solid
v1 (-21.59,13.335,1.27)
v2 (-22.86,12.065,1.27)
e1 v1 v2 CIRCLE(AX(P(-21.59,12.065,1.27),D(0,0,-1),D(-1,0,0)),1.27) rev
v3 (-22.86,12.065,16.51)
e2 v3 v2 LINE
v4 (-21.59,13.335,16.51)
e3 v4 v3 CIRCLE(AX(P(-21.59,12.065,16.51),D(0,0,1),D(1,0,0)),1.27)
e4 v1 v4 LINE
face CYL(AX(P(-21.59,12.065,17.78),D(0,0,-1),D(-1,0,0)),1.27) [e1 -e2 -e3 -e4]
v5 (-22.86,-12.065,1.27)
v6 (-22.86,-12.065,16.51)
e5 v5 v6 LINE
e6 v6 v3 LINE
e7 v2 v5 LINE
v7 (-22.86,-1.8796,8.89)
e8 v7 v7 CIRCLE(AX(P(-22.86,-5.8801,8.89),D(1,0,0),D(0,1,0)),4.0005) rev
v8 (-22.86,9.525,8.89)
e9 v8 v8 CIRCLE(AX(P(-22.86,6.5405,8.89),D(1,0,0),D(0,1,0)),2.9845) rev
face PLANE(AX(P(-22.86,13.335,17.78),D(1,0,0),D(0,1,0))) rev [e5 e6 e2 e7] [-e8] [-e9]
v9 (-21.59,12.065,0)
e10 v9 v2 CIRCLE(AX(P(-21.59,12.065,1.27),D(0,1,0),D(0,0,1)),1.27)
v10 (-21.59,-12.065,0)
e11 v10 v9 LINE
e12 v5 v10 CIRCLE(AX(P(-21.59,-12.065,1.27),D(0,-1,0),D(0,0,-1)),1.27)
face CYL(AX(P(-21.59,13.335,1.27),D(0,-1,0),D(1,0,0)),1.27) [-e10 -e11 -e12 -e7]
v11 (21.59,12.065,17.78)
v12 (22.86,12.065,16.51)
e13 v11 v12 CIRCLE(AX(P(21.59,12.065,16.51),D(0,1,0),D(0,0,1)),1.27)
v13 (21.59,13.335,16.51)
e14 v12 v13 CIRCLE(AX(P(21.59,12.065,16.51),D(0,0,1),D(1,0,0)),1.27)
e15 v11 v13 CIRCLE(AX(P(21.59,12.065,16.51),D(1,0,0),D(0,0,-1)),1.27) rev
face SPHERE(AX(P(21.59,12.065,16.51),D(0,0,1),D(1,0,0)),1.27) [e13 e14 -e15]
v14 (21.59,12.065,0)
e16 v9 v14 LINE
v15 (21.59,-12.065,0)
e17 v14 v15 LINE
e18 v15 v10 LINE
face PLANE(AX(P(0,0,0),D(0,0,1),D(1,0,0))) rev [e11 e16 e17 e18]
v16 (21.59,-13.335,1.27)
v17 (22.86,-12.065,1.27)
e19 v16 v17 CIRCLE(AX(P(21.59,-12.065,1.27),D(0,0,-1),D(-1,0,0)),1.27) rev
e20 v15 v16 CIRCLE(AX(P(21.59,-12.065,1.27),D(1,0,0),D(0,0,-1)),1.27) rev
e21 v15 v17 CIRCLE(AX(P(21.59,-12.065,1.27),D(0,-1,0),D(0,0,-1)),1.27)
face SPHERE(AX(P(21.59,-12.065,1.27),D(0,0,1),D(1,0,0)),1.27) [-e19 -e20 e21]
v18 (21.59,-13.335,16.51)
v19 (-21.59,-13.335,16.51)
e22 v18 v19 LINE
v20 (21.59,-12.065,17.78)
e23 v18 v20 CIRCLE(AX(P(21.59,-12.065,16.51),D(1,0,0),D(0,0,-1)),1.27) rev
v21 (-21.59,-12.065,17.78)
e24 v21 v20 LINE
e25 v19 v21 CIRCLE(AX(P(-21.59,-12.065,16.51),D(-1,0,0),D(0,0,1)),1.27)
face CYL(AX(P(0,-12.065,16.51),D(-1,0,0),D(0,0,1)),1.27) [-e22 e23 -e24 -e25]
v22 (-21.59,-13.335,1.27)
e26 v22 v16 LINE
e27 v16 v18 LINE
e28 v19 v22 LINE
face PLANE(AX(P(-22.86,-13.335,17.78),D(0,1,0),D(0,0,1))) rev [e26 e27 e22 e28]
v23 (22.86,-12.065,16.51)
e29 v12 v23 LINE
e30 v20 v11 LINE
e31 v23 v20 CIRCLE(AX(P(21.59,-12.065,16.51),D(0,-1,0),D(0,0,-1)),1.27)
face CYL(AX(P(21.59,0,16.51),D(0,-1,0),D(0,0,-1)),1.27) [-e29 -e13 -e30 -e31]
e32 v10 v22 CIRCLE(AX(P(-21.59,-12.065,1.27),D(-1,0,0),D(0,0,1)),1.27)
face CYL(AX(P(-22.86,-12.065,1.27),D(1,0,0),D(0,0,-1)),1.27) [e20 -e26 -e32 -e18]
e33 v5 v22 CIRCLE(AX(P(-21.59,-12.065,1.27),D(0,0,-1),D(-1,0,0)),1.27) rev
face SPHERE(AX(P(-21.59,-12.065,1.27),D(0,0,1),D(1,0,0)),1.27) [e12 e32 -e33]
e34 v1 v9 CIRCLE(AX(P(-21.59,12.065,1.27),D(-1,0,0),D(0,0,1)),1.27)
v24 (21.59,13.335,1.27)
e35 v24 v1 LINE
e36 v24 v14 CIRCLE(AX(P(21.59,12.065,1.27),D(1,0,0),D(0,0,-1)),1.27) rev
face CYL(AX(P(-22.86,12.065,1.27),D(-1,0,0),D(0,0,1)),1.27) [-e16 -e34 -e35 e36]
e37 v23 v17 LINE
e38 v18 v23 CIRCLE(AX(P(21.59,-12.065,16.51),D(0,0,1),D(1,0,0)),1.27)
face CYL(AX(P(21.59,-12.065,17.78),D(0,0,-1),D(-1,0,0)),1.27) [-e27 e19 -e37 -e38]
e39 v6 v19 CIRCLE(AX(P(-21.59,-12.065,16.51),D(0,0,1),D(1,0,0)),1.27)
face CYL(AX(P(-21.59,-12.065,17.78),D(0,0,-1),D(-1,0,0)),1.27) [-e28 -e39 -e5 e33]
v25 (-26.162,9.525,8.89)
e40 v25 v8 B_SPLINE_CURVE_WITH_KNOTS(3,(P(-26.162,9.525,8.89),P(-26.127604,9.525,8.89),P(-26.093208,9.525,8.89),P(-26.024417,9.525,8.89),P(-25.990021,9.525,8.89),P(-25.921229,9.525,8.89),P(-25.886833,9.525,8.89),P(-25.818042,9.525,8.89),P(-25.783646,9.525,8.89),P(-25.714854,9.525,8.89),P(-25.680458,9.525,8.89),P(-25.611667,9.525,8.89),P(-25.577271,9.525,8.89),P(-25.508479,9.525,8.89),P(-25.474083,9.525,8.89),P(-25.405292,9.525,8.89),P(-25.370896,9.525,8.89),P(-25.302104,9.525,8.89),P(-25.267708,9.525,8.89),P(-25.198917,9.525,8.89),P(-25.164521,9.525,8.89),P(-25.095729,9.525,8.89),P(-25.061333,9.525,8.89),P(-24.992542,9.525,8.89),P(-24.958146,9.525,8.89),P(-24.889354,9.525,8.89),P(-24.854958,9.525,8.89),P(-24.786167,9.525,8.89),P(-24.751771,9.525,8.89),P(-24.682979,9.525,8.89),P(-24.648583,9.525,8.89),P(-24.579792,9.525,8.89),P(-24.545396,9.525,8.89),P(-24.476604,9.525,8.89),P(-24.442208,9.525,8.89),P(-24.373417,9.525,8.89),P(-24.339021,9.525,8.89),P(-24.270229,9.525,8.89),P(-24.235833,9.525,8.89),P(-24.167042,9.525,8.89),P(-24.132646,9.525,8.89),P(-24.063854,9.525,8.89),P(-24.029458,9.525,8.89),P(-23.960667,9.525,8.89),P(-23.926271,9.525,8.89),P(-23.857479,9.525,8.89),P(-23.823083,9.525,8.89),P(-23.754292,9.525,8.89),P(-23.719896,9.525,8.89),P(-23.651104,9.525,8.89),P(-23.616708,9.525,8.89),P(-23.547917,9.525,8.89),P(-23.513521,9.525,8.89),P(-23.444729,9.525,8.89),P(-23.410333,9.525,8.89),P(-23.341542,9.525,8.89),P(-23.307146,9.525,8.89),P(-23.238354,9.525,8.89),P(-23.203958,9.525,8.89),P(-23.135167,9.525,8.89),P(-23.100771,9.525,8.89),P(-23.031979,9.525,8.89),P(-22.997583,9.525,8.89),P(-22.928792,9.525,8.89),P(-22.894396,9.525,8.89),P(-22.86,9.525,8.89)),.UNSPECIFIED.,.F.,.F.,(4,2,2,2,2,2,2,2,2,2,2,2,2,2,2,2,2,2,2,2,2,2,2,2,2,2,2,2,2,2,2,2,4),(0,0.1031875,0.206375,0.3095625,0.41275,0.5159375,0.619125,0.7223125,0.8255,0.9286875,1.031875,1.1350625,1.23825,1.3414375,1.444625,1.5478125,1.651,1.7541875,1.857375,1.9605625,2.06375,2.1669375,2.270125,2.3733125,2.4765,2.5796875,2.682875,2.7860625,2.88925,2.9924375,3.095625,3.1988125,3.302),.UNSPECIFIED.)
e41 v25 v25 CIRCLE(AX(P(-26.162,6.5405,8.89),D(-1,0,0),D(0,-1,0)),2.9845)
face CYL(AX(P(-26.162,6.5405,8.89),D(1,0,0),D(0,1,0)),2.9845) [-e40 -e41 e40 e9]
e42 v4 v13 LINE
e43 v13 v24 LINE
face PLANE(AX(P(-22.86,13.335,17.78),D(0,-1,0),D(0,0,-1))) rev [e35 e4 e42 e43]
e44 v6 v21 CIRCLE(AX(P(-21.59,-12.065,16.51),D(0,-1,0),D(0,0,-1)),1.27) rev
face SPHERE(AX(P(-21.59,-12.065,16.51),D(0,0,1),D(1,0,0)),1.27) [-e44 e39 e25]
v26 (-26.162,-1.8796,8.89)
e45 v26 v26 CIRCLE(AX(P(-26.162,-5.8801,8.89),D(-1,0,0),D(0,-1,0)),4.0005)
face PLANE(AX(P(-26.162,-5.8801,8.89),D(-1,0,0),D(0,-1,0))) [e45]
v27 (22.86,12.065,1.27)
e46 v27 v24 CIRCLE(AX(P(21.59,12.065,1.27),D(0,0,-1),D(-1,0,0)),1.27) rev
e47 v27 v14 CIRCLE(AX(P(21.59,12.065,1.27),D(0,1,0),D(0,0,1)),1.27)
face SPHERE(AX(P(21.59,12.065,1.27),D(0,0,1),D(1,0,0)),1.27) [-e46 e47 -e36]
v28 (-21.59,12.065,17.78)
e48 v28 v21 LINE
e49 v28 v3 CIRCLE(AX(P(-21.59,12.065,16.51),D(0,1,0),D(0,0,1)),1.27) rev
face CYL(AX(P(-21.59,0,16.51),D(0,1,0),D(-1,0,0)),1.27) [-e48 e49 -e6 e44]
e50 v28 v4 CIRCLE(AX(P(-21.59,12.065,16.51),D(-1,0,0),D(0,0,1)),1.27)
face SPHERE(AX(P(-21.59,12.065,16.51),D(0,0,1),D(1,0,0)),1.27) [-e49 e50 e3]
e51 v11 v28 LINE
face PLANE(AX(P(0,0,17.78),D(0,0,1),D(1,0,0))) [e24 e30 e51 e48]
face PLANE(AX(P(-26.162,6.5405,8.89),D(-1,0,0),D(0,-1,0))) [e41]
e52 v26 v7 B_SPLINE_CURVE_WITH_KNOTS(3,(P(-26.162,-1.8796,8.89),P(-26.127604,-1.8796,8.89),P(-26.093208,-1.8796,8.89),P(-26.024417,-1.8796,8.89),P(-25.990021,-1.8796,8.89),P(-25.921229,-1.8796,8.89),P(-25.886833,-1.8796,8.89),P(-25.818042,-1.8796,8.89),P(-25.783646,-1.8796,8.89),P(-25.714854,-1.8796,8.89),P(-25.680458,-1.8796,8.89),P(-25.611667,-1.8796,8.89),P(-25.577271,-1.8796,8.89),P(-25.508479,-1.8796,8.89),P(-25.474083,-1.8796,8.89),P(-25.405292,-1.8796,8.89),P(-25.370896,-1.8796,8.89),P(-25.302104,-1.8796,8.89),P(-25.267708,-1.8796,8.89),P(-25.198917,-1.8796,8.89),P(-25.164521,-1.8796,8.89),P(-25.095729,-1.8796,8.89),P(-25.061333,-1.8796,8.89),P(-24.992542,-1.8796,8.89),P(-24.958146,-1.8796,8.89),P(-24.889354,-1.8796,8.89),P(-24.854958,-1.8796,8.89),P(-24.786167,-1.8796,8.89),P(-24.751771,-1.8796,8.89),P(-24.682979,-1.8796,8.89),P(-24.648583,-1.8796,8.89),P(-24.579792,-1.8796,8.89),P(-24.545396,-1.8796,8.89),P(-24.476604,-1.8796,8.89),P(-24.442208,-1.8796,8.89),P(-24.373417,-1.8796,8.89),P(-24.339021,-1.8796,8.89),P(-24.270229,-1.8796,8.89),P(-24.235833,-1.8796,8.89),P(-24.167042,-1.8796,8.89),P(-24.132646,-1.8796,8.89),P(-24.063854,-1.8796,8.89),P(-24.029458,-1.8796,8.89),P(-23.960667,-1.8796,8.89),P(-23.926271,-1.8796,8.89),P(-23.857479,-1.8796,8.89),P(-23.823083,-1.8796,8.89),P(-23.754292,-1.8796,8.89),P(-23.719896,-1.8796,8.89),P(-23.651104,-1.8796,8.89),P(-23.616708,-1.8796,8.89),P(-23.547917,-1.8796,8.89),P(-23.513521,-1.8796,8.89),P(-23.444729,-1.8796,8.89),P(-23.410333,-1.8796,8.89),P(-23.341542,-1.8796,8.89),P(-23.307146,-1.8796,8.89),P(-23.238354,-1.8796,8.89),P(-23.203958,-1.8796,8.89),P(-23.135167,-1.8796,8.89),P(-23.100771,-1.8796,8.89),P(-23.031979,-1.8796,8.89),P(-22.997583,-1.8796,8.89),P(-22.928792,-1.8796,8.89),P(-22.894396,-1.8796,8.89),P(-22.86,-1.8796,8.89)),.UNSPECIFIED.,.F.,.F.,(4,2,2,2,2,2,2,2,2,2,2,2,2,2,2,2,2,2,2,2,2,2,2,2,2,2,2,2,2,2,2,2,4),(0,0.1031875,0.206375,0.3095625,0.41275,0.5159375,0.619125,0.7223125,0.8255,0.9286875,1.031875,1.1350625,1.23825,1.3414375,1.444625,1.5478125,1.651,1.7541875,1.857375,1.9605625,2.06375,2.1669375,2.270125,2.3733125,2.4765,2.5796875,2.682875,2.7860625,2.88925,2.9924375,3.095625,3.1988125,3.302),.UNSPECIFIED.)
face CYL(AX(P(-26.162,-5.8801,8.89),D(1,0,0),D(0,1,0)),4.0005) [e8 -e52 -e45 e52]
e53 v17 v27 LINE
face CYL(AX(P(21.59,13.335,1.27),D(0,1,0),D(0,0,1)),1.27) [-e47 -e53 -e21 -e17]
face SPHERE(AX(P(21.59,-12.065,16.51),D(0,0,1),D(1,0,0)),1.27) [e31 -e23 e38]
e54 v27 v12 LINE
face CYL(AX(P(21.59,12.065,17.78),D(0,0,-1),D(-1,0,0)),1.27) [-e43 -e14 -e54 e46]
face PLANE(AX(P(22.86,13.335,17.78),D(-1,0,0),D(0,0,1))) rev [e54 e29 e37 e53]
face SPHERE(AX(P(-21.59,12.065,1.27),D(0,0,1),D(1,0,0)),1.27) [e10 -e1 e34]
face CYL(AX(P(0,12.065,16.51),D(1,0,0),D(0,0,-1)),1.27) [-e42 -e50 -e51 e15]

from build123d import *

# Parameters (mm, degrees)
SKETCH1_W           = 45.72
SKETCH1_H           = 26.67
BOSS_EXTRUDE1_DEPTH = 17.78
FILLET1_R           = 1.27
SKETCH2_R           = 2.9845
SKETCH2_R_2         = 4.0005
BOSS_EXTRUDE2_DEPTH = 3.302


with BuildPart() as part:
    # Sketch1 → Boss-Extrude1 (new body)
    with BuildSketch(Plane.XY):
        Rectangle(SKETCH1_W, SKETCH1_H)
    extrude(amount=BOSS_EXTRUDE1_DEPTH)

    # Fillet1
    fillet1_edges = [part.edges().sort_by_distance(p)[0] for p in [
        (-22.86, 0, 17.78),
        (0, -13.335, 17.78),
        (22.86, 0, 17.78),
        (0, -13.335, 0),
        (-22.86, 0, 0),
        (0, 13.335, 0),
        (22.86, 0, 0),
        (0, 13.335, 17.78),
        (22.86, -13.335, 8.89),
        (-22.86, -13.335, 8.89),
        (-22.86, 13.335, 8.89),
        (22.86, 13.335, 8.89),
    ]]
    fillet(fillet1_edges, radius=FILLET1_R)

    # Sketch2 → Boss-Extrude2 (add)
    with BuildSketch(Plane.ZY.offset(22.86)):
        with Locations(Location((8.89, 6.5405, 0), (0, 0, 90))):
            Circle(SKETCH2_R)
        with Locations(Location((8.89, -5.8801, 0), (0, 0, 90))):
            Circle(SKETCH2_R_2)
    extrude(amount=BOSS_EXTRUDE2_DEPTH)


solid = part.part
